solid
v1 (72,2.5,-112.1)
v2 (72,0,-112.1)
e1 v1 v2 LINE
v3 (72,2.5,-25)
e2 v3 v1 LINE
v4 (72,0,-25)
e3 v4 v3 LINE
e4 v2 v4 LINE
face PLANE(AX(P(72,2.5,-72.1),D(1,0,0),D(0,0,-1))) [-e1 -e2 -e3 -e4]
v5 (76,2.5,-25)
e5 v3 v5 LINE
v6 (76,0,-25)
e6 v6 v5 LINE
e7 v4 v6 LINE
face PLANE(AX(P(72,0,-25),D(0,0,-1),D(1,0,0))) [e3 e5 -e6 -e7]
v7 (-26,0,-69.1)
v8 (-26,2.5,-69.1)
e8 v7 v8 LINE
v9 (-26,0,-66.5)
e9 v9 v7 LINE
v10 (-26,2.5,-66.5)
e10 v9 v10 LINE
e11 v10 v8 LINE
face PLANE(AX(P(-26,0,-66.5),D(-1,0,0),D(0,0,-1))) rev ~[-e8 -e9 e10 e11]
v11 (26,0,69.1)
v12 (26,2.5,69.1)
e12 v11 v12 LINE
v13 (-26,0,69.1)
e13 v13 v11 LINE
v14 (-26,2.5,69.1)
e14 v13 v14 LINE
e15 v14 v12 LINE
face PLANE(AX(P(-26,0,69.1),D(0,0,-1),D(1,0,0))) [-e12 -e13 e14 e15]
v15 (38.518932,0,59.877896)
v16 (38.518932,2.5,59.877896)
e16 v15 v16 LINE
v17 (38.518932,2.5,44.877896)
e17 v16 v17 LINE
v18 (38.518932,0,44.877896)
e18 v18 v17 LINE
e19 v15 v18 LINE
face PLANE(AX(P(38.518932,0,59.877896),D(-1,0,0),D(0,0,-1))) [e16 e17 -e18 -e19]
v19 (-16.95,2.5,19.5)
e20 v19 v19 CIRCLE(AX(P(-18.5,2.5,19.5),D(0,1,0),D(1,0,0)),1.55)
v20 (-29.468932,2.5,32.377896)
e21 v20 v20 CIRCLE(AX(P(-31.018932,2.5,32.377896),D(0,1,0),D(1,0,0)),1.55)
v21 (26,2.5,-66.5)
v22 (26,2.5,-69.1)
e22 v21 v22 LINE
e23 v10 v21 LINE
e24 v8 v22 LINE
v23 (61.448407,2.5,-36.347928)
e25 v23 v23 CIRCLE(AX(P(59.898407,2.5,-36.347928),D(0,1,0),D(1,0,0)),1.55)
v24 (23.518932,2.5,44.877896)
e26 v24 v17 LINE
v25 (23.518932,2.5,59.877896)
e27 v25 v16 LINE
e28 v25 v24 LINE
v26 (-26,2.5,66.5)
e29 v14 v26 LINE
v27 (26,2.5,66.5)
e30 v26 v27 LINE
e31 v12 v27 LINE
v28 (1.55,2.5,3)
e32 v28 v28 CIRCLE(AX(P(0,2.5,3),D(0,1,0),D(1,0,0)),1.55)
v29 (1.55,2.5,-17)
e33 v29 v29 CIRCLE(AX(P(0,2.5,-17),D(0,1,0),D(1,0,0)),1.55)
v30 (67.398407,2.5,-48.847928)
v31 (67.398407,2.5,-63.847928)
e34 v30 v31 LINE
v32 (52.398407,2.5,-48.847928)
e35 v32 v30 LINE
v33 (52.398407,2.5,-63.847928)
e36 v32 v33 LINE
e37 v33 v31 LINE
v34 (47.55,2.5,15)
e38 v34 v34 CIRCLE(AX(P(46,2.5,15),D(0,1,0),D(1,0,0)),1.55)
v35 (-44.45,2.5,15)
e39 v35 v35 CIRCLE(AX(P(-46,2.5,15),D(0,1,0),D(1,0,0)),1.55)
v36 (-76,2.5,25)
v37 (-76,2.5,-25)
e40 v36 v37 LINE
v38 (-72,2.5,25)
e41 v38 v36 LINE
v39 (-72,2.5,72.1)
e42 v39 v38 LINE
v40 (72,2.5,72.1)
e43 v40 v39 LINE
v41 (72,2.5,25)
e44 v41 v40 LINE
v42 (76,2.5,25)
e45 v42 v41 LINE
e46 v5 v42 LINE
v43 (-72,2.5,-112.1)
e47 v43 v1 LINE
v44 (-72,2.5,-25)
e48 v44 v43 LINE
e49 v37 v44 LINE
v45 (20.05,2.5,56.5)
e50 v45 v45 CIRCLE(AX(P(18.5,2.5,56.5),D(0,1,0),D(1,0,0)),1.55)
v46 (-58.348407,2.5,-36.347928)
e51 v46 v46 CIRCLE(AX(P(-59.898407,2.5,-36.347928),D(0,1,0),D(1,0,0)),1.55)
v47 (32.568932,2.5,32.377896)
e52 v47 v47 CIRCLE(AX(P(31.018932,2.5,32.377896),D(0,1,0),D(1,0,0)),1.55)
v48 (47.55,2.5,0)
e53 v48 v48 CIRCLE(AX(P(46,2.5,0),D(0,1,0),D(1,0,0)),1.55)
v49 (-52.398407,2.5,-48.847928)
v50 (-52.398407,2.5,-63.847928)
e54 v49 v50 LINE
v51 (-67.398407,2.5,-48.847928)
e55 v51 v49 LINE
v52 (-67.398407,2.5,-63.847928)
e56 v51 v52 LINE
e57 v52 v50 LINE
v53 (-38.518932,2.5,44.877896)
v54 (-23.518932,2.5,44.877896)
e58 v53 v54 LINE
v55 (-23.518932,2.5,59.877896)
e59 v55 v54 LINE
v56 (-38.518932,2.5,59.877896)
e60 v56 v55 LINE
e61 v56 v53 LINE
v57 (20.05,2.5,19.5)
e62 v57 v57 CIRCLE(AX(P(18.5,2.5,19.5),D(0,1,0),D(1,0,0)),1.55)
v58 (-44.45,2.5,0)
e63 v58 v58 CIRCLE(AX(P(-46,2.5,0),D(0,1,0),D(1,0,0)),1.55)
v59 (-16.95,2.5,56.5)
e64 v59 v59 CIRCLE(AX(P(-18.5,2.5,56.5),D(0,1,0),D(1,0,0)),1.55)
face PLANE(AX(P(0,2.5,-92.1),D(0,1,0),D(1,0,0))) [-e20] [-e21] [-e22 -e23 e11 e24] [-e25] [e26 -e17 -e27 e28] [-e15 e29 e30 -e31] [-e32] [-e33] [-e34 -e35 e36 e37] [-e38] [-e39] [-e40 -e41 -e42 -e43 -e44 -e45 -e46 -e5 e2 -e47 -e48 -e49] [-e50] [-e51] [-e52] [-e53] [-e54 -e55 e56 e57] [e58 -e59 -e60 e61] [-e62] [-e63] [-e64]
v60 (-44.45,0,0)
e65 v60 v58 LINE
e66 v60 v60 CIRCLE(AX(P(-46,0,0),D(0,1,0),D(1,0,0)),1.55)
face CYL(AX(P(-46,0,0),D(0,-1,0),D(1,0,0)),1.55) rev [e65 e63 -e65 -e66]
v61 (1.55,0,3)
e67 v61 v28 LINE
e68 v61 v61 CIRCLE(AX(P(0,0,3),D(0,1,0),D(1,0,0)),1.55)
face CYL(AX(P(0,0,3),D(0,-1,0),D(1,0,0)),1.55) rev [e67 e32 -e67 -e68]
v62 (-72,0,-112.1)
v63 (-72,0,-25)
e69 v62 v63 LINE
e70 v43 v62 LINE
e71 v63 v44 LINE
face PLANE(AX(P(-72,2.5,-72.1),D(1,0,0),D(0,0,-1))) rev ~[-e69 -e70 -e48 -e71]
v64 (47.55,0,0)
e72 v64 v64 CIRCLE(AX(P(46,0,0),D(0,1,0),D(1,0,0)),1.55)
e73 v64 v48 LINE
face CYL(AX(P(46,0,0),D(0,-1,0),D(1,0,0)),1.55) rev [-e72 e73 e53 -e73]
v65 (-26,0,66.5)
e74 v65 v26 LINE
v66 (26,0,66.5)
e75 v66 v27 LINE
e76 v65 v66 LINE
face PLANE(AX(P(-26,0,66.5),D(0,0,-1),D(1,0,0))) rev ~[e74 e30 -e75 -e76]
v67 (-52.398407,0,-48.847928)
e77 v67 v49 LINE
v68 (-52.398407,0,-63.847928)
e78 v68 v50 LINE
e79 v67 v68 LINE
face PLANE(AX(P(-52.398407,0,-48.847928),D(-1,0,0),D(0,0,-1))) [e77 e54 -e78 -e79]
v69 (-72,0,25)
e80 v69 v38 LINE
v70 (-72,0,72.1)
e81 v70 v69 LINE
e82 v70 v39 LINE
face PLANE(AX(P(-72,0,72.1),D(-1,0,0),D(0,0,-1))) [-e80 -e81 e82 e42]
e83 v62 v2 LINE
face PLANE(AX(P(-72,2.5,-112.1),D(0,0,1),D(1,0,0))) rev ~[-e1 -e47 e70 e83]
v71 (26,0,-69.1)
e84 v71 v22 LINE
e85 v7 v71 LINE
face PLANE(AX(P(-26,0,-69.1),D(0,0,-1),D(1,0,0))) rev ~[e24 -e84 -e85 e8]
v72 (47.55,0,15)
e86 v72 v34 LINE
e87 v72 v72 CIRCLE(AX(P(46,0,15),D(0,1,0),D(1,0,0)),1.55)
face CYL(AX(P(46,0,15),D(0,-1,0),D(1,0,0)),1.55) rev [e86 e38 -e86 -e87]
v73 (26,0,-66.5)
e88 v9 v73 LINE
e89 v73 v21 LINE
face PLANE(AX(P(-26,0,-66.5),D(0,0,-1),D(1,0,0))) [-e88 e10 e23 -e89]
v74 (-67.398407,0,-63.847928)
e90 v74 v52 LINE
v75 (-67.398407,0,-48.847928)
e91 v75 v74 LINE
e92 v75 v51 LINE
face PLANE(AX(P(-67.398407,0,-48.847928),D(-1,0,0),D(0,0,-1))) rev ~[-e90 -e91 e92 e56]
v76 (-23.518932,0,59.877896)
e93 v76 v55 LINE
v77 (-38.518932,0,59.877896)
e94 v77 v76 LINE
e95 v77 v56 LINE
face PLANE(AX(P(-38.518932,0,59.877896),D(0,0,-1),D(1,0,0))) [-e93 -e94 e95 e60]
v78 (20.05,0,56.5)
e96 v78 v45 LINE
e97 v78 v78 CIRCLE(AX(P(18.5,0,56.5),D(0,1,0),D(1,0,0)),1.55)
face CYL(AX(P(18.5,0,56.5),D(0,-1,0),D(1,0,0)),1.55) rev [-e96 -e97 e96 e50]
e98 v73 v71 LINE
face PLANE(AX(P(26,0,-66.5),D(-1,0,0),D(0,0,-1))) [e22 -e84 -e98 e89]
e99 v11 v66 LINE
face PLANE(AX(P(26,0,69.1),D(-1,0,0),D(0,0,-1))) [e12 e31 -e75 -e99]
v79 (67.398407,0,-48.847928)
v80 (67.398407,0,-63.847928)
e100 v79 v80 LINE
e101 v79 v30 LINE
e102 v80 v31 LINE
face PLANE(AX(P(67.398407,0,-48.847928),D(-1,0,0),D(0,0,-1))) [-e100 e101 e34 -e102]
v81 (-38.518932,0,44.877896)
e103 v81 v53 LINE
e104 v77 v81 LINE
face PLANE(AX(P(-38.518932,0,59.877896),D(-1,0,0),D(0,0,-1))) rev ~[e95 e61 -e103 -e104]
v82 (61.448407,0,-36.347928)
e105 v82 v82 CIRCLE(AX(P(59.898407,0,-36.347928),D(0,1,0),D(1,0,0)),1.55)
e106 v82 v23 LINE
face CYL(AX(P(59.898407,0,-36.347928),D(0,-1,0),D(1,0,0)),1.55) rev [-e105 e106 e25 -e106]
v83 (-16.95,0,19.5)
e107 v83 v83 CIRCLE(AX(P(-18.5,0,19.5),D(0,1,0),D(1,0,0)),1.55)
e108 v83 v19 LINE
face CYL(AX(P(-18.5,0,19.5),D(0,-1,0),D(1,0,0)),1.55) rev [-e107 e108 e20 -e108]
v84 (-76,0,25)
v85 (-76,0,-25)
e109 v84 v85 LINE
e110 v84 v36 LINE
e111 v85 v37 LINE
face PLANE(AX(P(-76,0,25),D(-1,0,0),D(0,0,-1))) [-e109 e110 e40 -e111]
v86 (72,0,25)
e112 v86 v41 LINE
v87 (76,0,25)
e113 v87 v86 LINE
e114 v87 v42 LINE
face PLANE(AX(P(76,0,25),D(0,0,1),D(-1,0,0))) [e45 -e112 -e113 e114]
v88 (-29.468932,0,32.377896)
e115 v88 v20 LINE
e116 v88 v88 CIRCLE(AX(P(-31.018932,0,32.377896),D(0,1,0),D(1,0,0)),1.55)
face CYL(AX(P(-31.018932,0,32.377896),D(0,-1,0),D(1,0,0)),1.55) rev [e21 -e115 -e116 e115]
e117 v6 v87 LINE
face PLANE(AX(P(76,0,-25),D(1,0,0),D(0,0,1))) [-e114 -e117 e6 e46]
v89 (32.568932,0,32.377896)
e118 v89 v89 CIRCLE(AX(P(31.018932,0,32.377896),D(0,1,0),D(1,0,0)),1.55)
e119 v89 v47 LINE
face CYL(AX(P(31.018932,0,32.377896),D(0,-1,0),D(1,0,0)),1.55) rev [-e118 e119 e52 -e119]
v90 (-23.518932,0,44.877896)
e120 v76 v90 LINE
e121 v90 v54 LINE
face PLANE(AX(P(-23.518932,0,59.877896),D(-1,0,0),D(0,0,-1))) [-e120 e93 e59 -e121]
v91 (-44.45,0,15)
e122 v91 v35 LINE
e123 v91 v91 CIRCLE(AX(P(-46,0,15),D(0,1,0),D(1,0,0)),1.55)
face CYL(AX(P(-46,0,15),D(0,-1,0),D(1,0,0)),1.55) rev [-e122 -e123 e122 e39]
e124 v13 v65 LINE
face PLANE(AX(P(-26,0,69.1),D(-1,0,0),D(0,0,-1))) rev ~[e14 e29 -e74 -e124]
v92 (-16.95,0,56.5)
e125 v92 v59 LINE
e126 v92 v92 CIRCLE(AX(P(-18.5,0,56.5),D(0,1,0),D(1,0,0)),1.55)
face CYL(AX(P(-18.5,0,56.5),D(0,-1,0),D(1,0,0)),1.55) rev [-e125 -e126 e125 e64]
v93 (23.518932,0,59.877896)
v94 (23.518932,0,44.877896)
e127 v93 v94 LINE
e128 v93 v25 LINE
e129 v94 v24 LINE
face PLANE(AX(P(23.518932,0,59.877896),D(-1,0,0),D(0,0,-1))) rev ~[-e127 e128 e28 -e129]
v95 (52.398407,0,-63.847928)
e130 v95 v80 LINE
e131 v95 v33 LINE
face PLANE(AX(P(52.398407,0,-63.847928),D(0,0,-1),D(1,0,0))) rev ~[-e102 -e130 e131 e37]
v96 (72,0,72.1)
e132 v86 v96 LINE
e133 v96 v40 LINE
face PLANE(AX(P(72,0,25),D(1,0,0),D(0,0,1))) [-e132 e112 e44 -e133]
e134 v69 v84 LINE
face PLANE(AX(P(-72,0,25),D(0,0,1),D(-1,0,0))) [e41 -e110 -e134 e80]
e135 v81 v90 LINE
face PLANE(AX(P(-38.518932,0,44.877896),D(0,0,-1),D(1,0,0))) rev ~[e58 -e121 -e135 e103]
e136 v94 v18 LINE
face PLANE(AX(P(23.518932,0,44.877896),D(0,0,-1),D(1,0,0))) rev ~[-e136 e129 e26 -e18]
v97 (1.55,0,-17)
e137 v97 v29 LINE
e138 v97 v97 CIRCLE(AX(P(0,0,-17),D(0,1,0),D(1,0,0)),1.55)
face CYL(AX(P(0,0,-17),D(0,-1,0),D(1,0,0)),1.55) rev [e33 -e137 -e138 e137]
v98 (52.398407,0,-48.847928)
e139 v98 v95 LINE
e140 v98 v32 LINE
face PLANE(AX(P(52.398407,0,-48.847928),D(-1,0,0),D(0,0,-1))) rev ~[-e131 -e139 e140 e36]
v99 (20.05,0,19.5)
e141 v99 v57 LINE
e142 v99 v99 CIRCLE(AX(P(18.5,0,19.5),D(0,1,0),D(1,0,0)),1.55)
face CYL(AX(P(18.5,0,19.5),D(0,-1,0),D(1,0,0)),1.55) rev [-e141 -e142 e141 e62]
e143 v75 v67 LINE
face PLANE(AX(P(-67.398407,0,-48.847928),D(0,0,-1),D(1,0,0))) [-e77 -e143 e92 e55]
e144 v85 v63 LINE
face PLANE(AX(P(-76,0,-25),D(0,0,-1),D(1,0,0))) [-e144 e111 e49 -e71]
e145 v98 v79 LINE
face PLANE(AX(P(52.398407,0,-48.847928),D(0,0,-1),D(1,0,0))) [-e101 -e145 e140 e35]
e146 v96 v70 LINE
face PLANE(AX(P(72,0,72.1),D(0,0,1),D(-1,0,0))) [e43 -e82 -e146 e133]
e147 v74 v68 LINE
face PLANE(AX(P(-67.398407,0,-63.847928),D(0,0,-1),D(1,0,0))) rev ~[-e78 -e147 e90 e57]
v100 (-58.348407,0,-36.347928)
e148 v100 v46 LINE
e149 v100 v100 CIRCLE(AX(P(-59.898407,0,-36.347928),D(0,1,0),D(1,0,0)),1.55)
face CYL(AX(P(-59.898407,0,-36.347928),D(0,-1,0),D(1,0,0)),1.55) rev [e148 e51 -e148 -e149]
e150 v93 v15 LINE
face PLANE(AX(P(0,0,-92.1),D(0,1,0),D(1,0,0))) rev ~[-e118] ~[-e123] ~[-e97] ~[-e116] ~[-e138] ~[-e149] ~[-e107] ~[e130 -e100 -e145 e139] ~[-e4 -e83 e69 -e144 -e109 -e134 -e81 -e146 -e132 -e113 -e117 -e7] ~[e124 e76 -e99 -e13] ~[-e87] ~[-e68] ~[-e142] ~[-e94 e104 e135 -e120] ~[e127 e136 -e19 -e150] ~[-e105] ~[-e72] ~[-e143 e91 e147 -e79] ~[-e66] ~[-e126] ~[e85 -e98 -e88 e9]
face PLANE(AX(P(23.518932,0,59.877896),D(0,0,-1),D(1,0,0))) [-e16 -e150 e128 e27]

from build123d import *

# Parameters (mm, degrees)
SKETCH1_R           = 1.55
SKETCH1_W           = 15
SKETCH1_H           = 15
SKETCH1_W_2         = 52
SKETCH1_H_2         = 2.6
BOSS_EXTRUDE1_DEPTH = 2.5
SKETCH2_W           = 144
SKETCH2_H           = 40
BOSS_EXTRUDE2_DEPTH = 2.5


with BuildPart() as part:
    # Sketch1 → Boss-Extrude1 (new body)
    with BuildSketch(Plane(origin=(0, 0, 0), x_dir=(1, 0, 0), z_dir=(0, 1, 0))):
        Polygon((-72, -25), (-76, -25), (-76, 25), (-72, 25), (-72, 72.1), (72, 72.1), (72, 25), (76, 25), (76, -25), (72, -25), (72, -72.1), (-72, -72.1), align=None)
        with Locations((-18.5, -56.5)):
            Circle(SKETCH1_R, mode=Mode.SUBTRACT)
        with Locations((-18.5, -19.5)):
            Circle(SKETCH1_R, mode=Mode.SUBTRACT)
        with Locations((18.5, -19.5)):
            Circle(SKETCH1_R, mode=Mode.SUBTRACT)
        with Locations((18.5, -56.5)):
            Circle(SKETCH1_R, mode=Mode.SUBTRACT)
        with Locations((0, -3)):
            Circle(SKETCH1_R, mode=Mode.SUBTRACT)
        with Locations((0, 17)):
            Circle(SKETCH1_R, mode=Mode.SUBTRACT)
        with Locations((-59.898406921, 36.347928242)):
            Circle(SKETCH1_R, mode=Mode.SUBTRACT)
        with Locations((59.898406921, 36.347928242)):
            Circle(SKETCH1_R, mode=Mode.SUBTRACT)
        with Locations((31.018932052, -32.377895768)):
            Circle(SKETCH1_R, mode=Mode.SUBTRACT)
        with Locations((-31.018932052, -32.377895768)):
            Circle(SKETCH1_R, mode=Mode.SUBTRACT)
        with Locations((-46, -15)):
            Circle(SKETCH1_R, mode=Mode.SUBTRACT)
        with Locations((-46, 0)):
            Circle(SKETCH1_R, mode=Mode.SUBTRACT)
        with Locations((46, -15)):
            Circle(SKETCH1_R, mode=Mode.SUBTRACT)
        with Locations((46, 0)):
            Circle(SKETCH1_R, mode=Mode.SUBTRACT)
        with Locations((59.898406921, 56.347928242)):
            Rectangle(SKETCH1_W, SKETCH1_H, mode=Mode.SUBTRACT)
        with Locations((-59.898406921, 56.347928242)):
            Rectangle(SKETCH1_W, SKETCH1_H, mode=Mode.SUBTRACT)
        with Locations((31.018932052, -52.377895768)):
            Rectangle(SKETCH1_W, SKETCH1_H, mode=Mode.SUBTRACT)
        with Locations((-31.018932052, -52.377895768)):
            Rectangle(SKETCH1_W, SKETCH1_H, mode=Mode.SUBTRACT)
        with Locations((0, -67.8)):
            Rectangle(SKETCH1_W_2, SKETCH1_H_2, mode=Mode.SUBTRACT)
        with Locations((0, 67.8)):
            Rectangle(SKETCH1_W_2, SKETCH1_H_2, mode=Mode.SUBTRACT)
    extrude(amount=BOSS_EXTRUDE1_DEPTH)

    # Sketch2 → Boss-Extrude2 (add)
    with BuildSketch(Plane(origin=(0, 2.5, 0), x_dir=(1, 0, 0), z_dir=(0, 1, 0))):
        with Locations((0, 92.1)):
            Rectangle(SKETCH2_W, SKETCH2_H)
    extrude(amount=-BOSS_EXTRUDE2_DEPTH)


solid = part.part
